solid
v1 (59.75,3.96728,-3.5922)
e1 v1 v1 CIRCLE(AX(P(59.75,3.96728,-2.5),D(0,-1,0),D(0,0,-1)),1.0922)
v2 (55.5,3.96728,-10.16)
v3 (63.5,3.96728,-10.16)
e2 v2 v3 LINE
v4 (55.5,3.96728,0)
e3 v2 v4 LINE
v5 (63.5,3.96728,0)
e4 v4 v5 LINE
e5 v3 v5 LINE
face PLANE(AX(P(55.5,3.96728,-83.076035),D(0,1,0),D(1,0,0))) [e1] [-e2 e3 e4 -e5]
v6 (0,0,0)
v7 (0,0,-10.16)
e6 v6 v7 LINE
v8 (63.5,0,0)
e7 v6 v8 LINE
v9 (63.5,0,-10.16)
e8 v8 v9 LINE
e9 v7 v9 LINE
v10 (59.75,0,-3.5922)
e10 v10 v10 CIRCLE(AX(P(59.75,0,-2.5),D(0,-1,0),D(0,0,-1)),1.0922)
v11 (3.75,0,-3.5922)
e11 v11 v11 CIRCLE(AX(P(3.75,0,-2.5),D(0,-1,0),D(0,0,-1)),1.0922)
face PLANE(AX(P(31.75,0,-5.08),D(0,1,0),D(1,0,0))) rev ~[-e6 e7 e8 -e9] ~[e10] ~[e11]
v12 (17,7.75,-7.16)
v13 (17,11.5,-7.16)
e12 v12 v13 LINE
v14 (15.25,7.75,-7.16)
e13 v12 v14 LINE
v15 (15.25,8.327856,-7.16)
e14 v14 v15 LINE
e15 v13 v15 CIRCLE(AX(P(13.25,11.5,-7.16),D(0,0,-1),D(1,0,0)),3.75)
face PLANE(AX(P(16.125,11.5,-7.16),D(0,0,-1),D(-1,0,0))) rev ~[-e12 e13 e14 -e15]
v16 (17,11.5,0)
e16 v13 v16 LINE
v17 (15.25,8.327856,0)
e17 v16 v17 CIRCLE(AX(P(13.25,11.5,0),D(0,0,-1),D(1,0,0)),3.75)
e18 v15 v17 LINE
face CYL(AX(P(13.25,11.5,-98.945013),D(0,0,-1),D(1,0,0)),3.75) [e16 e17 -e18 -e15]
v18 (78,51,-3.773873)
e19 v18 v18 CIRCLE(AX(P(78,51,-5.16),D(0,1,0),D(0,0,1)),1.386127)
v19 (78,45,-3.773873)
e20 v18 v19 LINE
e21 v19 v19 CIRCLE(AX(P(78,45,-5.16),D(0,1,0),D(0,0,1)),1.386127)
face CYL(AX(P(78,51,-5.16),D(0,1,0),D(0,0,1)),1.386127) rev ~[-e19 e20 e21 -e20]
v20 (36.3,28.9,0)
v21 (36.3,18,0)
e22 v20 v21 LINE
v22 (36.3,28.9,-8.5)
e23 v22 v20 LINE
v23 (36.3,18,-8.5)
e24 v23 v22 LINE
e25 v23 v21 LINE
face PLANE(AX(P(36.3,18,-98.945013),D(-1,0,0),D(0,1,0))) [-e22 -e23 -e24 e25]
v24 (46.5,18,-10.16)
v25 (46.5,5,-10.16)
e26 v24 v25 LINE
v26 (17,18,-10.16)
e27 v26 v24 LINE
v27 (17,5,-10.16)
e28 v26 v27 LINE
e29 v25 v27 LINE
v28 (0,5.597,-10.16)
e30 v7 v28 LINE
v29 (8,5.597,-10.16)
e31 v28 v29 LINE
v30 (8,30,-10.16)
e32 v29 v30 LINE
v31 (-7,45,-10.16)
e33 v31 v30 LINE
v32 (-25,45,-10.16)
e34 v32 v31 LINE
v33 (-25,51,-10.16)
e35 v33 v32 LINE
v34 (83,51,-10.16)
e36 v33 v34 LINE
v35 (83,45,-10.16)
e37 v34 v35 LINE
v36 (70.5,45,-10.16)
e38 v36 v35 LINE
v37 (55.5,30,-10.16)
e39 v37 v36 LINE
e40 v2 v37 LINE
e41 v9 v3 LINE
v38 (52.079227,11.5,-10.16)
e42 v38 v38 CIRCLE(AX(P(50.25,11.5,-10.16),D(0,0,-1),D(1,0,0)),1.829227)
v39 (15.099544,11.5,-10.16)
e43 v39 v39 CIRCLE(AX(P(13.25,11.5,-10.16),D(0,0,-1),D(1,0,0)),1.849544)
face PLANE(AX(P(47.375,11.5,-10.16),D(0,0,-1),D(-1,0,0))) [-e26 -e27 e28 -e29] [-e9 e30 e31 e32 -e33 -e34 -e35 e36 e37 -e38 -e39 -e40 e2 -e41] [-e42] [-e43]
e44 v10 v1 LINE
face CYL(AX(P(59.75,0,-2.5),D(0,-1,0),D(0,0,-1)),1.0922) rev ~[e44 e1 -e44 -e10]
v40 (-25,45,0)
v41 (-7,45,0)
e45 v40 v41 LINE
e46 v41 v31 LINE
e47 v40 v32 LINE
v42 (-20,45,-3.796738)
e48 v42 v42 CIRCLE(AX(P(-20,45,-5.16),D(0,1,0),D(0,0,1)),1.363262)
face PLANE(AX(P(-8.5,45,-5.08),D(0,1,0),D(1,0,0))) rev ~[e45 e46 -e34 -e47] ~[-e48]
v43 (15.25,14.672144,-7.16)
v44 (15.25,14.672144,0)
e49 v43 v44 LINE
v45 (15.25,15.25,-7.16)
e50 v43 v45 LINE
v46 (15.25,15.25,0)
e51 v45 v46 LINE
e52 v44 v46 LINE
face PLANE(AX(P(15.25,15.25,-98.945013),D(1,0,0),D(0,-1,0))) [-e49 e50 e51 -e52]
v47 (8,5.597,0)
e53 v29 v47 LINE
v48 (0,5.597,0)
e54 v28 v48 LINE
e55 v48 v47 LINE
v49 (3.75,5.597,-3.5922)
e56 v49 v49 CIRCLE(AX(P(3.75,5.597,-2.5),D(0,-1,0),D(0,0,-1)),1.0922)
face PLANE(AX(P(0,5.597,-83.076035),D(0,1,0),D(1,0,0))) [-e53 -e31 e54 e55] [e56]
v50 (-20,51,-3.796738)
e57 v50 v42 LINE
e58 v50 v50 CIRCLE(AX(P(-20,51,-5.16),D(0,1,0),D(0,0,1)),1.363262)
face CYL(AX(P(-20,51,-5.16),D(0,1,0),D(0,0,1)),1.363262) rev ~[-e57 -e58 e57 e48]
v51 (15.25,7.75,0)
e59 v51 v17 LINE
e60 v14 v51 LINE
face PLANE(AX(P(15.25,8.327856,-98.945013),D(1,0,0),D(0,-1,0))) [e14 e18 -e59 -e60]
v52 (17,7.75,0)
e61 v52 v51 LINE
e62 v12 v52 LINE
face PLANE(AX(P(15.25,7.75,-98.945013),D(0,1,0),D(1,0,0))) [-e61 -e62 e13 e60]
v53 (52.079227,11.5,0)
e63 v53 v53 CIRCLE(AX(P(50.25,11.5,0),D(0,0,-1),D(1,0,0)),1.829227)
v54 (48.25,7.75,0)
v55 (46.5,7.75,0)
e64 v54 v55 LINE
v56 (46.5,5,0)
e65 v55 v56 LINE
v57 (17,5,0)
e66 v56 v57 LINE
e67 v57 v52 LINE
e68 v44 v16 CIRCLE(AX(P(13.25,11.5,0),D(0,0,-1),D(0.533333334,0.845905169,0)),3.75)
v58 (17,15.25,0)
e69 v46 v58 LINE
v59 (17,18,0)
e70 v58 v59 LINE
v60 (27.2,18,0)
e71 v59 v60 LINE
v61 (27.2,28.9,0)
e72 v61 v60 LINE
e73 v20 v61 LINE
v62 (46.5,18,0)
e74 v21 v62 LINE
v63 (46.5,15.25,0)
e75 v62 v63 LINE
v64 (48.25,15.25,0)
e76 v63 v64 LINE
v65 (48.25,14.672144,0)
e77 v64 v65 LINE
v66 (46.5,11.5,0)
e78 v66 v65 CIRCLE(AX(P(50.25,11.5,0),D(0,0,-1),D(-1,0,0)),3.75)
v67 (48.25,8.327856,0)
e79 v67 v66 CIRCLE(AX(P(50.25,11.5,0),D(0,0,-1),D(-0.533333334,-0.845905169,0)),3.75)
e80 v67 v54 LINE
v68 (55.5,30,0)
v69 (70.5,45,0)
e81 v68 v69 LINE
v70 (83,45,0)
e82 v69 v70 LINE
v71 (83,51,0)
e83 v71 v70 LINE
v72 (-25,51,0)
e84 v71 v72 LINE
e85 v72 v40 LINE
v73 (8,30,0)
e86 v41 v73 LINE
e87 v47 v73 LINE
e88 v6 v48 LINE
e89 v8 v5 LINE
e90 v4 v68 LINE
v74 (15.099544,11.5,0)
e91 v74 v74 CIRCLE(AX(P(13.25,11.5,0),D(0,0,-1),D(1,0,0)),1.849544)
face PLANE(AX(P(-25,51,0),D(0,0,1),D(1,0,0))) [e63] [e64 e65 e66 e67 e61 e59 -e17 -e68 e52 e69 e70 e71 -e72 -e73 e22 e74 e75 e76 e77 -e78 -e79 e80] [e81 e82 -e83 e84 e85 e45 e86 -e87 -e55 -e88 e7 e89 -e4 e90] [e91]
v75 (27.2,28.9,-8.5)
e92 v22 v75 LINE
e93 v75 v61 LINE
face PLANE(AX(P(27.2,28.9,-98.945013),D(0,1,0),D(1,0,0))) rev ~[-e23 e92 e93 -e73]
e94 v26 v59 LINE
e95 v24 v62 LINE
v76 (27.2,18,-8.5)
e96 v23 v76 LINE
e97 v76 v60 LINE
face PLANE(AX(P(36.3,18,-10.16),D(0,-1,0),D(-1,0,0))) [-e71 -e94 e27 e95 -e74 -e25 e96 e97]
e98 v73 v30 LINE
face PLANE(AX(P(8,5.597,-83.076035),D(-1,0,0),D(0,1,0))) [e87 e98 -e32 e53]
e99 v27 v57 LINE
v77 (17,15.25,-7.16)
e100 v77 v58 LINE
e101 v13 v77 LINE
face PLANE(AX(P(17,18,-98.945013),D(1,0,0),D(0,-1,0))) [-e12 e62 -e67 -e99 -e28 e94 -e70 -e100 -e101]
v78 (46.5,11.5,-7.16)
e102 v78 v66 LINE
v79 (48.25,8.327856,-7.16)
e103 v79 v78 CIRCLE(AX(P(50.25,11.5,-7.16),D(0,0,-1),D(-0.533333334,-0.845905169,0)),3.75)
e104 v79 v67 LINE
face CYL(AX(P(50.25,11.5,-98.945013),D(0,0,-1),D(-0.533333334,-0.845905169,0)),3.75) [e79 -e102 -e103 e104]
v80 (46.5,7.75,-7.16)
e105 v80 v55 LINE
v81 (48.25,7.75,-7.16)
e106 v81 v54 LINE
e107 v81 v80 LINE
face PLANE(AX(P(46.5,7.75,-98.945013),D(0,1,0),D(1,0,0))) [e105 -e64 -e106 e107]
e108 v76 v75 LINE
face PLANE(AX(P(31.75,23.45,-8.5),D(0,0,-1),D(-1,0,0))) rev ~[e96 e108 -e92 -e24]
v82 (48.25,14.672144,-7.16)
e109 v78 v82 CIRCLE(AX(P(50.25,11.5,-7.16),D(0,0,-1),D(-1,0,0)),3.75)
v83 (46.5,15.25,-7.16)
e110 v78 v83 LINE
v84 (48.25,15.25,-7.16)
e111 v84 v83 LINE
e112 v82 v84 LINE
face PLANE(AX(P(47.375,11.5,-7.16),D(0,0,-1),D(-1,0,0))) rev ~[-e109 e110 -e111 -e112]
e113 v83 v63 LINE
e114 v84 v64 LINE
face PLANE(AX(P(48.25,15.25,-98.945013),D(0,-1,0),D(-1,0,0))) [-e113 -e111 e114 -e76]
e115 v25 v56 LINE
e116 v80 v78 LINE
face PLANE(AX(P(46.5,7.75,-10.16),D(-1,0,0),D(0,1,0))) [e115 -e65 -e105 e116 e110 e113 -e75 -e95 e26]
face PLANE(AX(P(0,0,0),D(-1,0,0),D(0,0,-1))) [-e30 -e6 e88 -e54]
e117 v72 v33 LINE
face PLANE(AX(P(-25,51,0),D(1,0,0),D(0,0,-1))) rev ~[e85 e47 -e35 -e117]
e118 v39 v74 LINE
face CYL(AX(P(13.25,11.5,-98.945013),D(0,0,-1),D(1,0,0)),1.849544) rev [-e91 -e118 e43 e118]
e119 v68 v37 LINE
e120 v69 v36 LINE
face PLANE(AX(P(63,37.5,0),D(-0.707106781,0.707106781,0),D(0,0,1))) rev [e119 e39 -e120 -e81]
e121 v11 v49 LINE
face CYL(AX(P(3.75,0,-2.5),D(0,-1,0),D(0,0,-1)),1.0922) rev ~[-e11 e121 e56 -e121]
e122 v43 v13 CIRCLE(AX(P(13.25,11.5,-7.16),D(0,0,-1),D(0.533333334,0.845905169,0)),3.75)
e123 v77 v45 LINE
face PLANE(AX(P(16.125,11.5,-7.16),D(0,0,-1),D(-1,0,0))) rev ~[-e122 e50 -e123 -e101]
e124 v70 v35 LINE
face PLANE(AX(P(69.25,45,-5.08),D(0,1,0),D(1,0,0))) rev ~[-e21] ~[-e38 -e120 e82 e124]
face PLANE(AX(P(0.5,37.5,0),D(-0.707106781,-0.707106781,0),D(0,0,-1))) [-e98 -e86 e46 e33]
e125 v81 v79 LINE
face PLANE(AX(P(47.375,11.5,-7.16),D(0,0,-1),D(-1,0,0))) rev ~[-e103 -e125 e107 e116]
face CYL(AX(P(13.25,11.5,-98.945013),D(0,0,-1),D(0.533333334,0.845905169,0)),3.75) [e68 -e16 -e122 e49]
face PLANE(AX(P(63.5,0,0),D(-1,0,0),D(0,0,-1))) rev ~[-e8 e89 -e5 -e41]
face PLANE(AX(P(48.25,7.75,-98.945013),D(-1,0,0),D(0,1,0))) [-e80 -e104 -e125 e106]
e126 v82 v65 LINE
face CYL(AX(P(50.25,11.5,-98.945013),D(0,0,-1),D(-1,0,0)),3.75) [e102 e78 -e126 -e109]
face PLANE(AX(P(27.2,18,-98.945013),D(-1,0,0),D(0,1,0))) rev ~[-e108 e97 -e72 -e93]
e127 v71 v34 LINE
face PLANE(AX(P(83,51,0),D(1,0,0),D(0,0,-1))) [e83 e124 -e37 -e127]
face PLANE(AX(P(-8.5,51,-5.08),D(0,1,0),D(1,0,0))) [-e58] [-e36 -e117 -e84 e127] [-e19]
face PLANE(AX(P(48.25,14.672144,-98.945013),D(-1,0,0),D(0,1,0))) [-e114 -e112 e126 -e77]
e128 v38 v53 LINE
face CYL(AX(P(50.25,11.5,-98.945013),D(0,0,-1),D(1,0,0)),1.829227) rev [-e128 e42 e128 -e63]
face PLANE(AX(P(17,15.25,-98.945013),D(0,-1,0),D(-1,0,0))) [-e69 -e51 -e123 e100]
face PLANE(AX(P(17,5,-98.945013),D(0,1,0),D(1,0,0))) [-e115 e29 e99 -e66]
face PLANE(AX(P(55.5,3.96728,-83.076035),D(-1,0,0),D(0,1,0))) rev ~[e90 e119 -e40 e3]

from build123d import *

# Parameters (mm, degrees)
SKETCH1_W               = 63.5
SKETCH1_H               = 10.16
BOSS_EXTRUDE1_DEPTH     = 51
SKETCH2_R               = 1.0922
CUT_EXTRUDE1_DEPTH      = 10
CUT_EXTRUDE2_DEPTH      = 83.076035479
CUT_EXTRUDE2_DEPTH_BACK = 83.076035479
SKETCH3_W               = 8
SKETCH3_H               = 47.710038991
SKETCH3_H_2             = 48.198954848
SKETCH5_W               = 33
SKETCH5_H               = 10.16
SKETCH5_R               = 1.363261963
SKETCH5_W_2             = 27.5
SKETCH5_R_2             = 1.386126721
BOSS_EXTRUDE2_DEPTH     = 6
CHAMFER2_SIZE           = 15
CUT_EXTRUDE3_DEPTH      = 98.945013145
CUT_EXTRUDE3_DEPTH_BACK = 98.945013145
SKETCH6_W               = 9.1
SKETCH6_H               = 10.9
SKETCH6_R               = 1.849544376
SKETCH6_R_2             = 1.82922697
SKETCH7_W               = 9.1
SKETCH7_H               = 10.9
BOSS_EXTRUDE3_DEPTH     = 1.66
SKETCH8_W               = 1.75
SKETCH8_H               = 7.5
BOSS_EXTRUDE4_DEPTH     = 3


with BuildPart() as part:
    # Sketch1 → Boss-Extrude1 (new body)
    with BuildSketch(Plane(origin=(0, 0, 0), x_dir=(1, 0, 0), z_dir=(0, 1, 0))):
        with Locations((31.75, 5.08)):
            Rectangle(SKETCH1_W, SKETCH1_H)
    extrude(amount=BOSS_EXTRUDE1_DEPTH)

    # Sketch2 → Cut-Extrude1 (cut)
    with BuildSketch(Plane(origin=(0, 0, 0), x_dir=(-1, 0, 0), z_dir=(0, -1, 0))):
        with Locations(Location((-59.75, 2.5, 0), (0, 0, 90))):
            Circle(SKETCH2_R)
        with Locations(Location((-3.75, 2.5, 0), (0, 0, 90))):
            Circle(SKETCH2_R)
    extrude(amount=-CUT_EXTRUDE1_DEPTH, mode=Mode.SUBTRACT)

    # Sketch3 → Cut-Extrude2 (cut, two sides: drawn at the far end of the back side and taken through both)
    with BuildSketch(Plane.XY.offset(-CUT_EXTRUDE2_DEPTH_BACK)):
        with Locations((4, 29.452019142)):
            Rectangle(SKETCH3_W, SKETCH3_H)
        with Locations((59.5, 28.066757549)):
            Rectangle(SKETCH3_W, SKETCH3_H_2)
    extrude(amount=CUT_EXTRUDE2_DEPTH + CUT_EXTRUDE2_DEPTH_BACK, mode=Mode.SUBTRACT)

    # Sketch5 → Boss-Extrude2 (add)
    # profile 1 of 2: a face of its own
    with BuildSketch(Plane(origin=(0, 51, 0), x_dir=(1, 0, 0), z_dir=(0, 1, 0))):
        with Locations((-8.5, 5.08)):
            Rectangle(SKETCH5_W, SKETCH5_H)
        with Locations(Location((-20, 5.16, 0), (0, 0, 270))):
            Circle(SKETCH5_R, mode=Mode.SUBTRACT)
    # profile 2 of 2: a face of its own
    with BuildSketch(Plane(origin=(0, 51, 0), x_dir=(1, 0, 0), z_dir=(0, 1, 0))):
        with Locations((69.25, 5.08)):
            Rectangle(SKETCH5_W_2, SKETCH5_H)
        with Locations(Location((78, 5.16, 0), (0, 0, 270))):
            Circle(SKETCH5_R_2, mode=Mode.SUBTRACT)
    extrude(amount=-BOSS_EXTRUDE2_DEPTH)

    # Chamfer2
    chamfer2_edges = [part.edges().sort_by_distance(p)[0] for p in [
        (8, 45, -5.08),
        (55.5, 45, -5.08),
    ]]
    chamfer(chamfer2_edges, length=CHAMFER2_SIZE)

    # Sketch6 → Cut-Extrude3 (cut, two sides: drawn at the far end of the back side and taken through both)
    with BuildSketch(Plane.XY.offset(-CUT_EXTRUDE3_DEPTH_BACK)):
        with Locations((31.75, 23.45)):
            Rectangle(SKETCH6_W, SKETCH6_H)
        Polygon((27.2, 18), (17, 18), (17, 15.25), (17, 11.5), (17, 7.75), (17, 5), (46.5, 5), (46.5, 7.75), (46.5, 11.5), (46.5, 15.25), (46.5, 18), (36.3, 18), align=None)
        with BuildLine():
            Line((17, 11.5), (17, 15.25))
            Line((17, 15.25), (15.25, 15.25))
            Line((15.25, 15.25), (15.25, 14.672144385))
            ThreePointArc((15.25, 14.672144385), (16.533481384, 13.311422093), (17, 11.5))
        make_face()
        with BuildLine():
            Line((17, 7.75), (17, 11.5))
            ThreePointArc((17, 11.5), (16.533481384, 9.688577907), (15.25, 8.327855615))
            Line((15.25, 8.327855615), (15.25, 7.75))
            Line((15.25, 7.75), (17, 7.75))
        make_face()
        with Locations((13.25, 11.5)):
            Circle(SKETCH6_R)
        with Locations((50.25, 11.5)):
            Circle(SKETCH6_R_2)
        with BuildLine():
            Line((48.25, 15.25), (46.5, 15.25))
            Line((46.5, 15.25), (46.5, 11.5))
            ThreePointArc((46.5, 11.5), (46.966518616, 13.311422093), (48.25, 14.672144385))
            Line((48.25, 14.672144385), (48.25, 15.25))
        make_face()
        with BuildLine():
            ThreePointArc((48.25, 8.327855615), (46.966518616, 9.688577907), (46.5, 11.5))
            Line((46.5, 11.5), (46.5, 7.75))
            Line((46.5, 7.75), (48.25, 7.75))
            Line((48.25, 7.75), (48.25, 8.327855615))
        make_face()
    extrude(amount=CUT_EXTRUDE3_DEPTH + CUT_EXTRUDE3_DEPTH_BACK, mode=Mode.SUBTRACT)

    # Sketch7 → Boss-Extrude3 (add)
    with BuildSketch(Plane(origin=(0, 0, -10.16), x_dir=(-1, 0, 0), z_dir=(0, 0, -1))):
        with Locations((-31.75, 23.45)):
            Rectangle(SKETCH7_W, SKETCH7_H)
    extrude(amount=-BOSS_EXTRUDE3_DEPTH)

    # Sketch8 → Boss-Extrude4 (add)
    with BuildSketch(Plane(origin=(0, 0, -10.16), x_dir=(-1, 0, 0), z_dir=(0, 0, -1))):
        with Locations((-47.375, 11.5)):
            Rectangle(SKETCH8_W, SKETCH8_H)
        with Locations((-16.125, 11.5)):
            Rectangle(SKETCH8_W, SKETCH8_H)
    extrude(amount=-BOSS_EXTRUDE4_DEPTH)


solid = part.part
